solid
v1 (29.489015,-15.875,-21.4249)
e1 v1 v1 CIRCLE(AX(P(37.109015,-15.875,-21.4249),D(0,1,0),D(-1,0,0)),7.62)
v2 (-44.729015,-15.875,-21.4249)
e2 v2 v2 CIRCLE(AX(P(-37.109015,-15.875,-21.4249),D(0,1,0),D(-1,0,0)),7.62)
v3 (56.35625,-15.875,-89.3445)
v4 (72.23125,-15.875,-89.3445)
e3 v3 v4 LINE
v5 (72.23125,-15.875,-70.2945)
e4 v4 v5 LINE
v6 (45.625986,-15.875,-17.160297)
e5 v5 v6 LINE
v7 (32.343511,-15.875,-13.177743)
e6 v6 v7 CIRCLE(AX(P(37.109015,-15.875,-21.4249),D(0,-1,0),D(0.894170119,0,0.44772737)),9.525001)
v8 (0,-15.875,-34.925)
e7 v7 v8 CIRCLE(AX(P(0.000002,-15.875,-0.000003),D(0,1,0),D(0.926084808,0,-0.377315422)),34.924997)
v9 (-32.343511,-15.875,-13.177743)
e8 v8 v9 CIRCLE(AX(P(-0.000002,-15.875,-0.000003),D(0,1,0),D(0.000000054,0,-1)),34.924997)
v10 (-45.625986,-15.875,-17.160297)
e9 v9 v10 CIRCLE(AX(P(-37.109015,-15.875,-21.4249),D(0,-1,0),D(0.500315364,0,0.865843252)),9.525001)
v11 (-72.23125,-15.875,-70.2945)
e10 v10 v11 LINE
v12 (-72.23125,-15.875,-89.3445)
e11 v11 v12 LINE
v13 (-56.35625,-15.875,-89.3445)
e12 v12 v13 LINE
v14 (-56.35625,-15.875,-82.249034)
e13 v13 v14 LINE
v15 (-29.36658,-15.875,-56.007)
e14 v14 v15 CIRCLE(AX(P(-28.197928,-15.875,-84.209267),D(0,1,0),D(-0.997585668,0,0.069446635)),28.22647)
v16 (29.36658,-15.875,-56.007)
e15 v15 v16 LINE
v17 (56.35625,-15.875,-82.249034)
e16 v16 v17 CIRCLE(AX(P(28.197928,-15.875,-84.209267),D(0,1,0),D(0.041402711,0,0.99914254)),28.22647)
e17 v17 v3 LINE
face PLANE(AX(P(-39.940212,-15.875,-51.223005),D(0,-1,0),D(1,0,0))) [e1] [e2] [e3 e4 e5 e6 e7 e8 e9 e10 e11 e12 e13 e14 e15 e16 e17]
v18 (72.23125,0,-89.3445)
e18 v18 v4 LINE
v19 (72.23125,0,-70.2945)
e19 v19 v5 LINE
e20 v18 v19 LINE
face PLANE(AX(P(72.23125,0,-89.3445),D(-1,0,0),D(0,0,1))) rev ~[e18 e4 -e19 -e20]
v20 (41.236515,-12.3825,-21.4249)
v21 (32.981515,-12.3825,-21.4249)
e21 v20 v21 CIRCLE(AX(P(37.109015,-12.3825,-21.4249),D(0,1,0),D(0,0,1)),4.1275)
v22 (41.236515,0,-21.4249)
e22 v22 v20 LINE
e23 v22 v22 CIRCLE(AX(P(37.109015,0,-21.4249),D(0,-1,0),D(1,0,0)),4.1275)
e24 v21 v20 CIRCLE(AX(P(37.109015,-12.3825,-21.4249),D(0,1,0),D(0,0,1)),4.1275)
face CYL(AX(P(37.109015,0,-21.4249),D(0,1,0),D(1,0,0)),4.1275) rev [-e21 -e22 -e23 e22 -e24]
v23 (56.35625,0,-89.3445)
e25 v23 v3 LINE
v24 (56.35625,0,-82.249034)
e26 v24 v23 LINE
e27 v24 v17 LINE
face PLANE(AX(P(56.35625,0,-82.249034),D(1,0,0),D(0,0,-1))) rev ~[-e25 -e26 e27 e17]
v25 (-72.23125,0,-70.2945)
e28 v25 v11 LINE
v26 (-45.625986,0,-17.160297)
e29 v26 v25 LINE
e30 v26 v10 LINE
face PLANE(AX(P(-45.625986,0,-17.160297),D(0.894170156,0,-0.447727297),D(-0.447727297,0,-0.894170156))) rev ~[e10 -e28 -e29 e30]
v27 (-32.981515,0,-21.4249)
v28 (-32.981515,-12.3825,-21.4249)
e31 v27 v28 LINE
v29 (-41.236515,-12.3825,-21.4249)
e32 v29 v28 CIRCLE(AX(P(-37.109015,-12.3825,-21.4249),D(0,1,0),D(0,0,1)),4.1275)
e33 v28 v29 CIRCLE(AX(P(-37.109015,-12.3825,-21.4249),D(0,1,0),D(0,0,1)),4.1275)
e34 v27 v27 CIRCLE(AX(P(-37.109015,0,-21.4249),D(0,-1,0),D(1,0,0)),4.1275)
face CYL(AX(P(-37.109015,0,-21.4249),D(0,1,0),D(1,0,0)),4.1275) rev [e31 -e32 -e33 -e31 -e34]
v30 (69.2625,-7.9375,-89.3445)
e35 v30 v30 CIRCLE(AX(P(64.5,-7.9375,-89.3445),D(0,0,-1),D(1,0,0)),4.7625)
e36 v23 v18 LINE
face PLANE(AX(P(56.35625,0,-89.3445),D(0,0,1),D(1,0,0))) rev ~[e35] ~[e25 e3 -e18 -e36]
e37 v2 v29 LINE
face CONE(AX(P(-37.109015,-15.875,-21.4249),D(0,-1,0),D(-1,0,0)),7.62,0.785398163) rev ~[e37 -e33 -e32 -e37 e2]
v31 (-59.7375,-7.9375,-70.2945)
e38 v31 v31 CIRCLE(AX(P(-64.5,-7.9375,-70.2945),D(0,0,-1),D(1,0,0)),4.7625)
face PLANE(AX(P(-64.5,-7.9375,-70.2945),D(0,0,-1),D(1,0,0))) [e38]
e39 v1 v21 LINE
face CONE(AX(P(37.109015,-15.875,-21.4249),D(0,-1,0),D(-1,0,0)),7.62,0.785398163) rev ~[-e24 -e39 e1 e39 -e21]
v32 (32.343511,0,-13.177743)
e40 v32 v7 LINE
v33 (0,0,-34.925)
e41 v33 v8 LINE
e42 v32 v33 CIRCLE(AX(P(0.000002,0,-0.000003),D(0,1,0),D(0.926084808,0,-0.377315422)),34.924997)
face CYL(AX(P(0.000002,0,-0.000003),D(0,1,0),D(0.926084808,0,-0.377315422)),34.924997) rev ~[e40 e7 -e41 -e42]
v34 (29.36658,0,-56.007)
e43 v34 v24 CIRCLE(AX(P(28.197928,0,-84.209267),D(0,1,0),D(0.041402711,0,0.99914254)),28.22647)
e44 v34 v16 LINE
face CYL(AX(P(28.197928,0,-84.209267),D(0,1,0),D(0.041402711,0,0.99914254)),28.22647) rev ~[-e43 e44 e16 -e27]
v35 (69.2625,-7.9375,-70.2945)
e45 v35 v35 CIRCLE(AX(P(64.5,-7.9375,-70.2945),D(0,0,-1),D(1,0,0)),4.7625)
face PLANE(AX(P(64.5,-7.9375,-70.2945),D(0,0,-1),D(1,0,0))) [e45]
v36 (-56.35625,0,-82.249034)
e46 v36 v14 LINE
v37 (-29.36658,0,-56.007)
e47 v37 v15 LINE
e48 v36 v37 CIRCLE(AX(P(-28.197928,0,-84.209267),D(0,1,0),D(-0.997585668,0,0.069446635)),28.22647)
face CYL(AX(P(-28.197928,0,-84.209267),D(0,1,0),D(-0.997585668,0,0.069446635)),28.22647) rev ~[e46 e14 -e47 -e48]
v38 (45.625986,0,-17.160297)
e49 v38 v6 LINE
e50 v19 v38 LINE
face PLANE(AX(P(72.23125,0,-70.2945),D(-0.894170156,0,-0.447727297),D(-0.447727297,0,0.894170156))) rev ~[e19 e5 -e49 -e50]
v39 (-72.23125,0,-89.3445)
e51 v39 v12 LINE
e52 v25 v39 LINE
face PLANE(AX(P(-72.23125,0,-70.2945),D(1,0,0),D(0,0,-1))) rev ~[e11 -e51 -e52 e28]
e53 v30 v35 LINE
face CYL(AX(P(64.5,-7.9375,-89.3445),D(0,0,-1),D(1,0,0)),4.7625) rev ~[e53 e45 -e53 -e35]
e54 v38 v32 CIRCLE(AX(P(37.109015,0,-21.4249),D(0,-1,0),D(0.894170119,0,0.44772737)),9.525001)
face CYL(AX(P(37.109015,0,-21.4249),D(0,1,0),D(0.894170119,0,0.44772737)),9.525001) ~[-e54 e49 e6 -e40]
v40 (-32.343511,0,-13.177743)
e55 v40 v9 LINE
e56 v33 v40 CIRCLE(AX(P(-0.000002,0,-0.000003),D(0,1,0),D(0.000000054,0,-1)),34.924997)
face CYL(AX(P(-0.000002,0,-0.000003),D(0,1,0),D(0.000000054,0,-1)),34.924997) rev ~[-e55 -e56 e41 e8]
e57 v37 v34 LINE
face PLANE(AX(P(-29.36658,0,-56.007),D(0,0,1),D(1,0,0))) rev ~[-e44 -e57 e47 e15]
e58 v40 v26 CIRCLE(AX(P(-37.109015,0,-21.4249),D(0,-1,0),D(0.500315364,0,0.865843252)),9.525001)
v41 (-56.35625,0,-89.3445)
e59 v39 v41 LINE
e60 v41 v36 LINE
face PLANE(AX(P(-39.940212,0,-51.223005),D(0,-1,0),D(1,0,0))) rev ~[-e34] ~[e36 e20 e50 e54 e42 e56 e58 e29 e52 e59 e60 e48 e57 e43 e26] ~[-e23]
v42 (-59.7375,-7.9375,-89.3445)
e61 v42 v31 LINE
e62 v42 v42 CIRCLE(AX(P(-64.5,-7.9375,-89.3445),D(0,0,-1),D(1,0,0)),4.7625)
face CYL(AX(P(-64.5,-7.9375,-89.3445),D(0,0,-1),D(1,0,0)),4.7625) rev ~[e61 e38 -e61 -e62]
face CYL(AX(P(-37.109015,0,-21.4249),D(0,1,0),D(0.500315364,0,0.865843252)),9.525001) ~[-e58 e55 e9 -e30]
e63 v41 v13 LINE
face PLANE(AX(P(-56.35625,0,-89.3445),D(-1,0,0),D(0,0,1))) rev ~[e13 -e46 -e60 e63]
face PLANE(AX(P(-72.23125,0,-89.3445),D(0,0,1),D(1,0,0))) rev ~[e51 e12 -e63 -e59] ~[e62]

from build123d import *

# Parameters (mm, degrees)
F0_R           = 4.1275
F1_DEPTH       = 15.875
F3_D           = 8.255
F3_DEPTH       = 25.4
F3_CSINK_D     = 15.24
F3_CSINK_ANGLE = 90
F4_R           = 4.7625
F5_DEPTH       = 19.05


with BuildPart() as f1:
    # F0 (on Front) → F1 (new body)
    with BuildSketch(Plane.XZ):
        with BuildLine():
            ThreePointArc((0, -34.925), (-19.48747, -28.982653), (-32.343511, -13.177743))
            ThreePointArc((-32.343511, -13.177743), (-39.844625, -12.301191), (-45.625986, -17.160297))
            Line((-45.625986, -17.160297), (-72.23125, -70.2945))
            Line((-72.23125, -70.2945), (-72.23125, -89.3445))
            Line((-72.23125, -89.3445), (-56.35625, -89.3445))
            Line((-56.35625, -89.3445), (-56.35625, -86.1695))
            ThreePointArc((-56.35625, -86.1695), (-56.424398, -84.209267), (-56.35625, -82.249034))
            ThreePointArc((-56.35625, -82.249034), (-47.874791, -63.97181), (-29.36658, -56.007))
            ThreePointArc((-29.36658, -56.007), (-28.197928, -55.982797), (-27.029276, -56.007))
            Line((-27.029276, -56.007), (0, -56.007))
            Line((0, -56.007), (0, -34.925))
        make_face()
        with Locations((-37.109015, -21.4249)):
            Circle(F0_R, mode=Mode.SUBTRACT)
        with BuildLine():
            ThreePointArc((32.343511, -13.177743), (19.48747, -28.982653), (0, -34.925))
            Line((0, -34.925), (0, -56.007))
            Line((0, -56.007), (27.029276, -56.007))
            ThreePointArc((27.029276, -56.007), (28.197928, -55.982797), (29.36658, -56.007))
            ThreePointArc((29.36658, -56.007), (47.874791, -63.97181), (56.35625, -82.249034))
            ThreePointArc((56.35625, -82.249034), (56.424398, -84.209267), (56.35625, -86.1695))
            Line((56.35625, -86.1695), (56.35625, -89.3445))
            Line((56.35625, -89.3445), (72.23125, -89.3445))
            Line((72.23125, -89.3445), (72.23125, -70.2945))
            Line((72.23125, -70.2945), (45.625986, -17.160297))
            ThreePointArc((45.625986, -17.160297), (39.844625, -12.301191), (32.343511, -13.177743))
        make_face()
        with Locations((37.109015, -21.4249)):
            Circle(F0_R, mode=Mode.SUBTRACT)
        with BuildLine():
            Line((-29.36658, -56.007), (-27.029276, -56.007))
            ThreePointArc((-27.029276, -56.007), (-28.197928, -55.982797), (-29.36658, -56.007))
        make_face()
        with BuildLine():
            ThreePointArc((29.36658, -56.007), (28.197928, -55.982797), (27.029276, -56.007))
            Line((27.029276, -56.007), (29.36658, -56.007))
        make_face()
        with BuildLine():
            Line((-56.35625, -86.1695), (-56.35625, -82.249034))
            ThreePointArc((-56.35625, -82.249034), (-56.424398, -84.209267), (-56.35625, -86.1695))
        make_face()
        with BuildLine():
            ThreePointArc((56.35625, -86.1695), (56.424398, -84.209267), (56.35625, -82.249034))
            Line((56.35625, -82.249034), (56.35625, -86.1695))
        make_face()
    extrude(amount=F1_DEPTH)

    # F3
    with Locations(Plane.XZ.offset(15.875)):
        with Locations((-37.109015, -21.4249), (37.109015, -21.4249)):
            CounterSinkHole(F3_D / 2, F3_CSINK_D / 2, depth=F3_DEPTH, counter_sink_angle=F3_CSINK_ANGLE)

    # F4 (on face) → F5 (cut)
    with BuildSketch(Plane(origin=(0, 0, -89.3445), x_dir=(1, 0, 0), z_dir=(0, 0, -1))):
        with Locations((-64.5, 7.9375)):
            Circle(F4_R)
        with Locations((64.5, 7.9375)):
            Circle(F4_R)
    extrude(amount=-F5_DEPTH, mode=Mode.SUBTRACT)


solid = f1.part
